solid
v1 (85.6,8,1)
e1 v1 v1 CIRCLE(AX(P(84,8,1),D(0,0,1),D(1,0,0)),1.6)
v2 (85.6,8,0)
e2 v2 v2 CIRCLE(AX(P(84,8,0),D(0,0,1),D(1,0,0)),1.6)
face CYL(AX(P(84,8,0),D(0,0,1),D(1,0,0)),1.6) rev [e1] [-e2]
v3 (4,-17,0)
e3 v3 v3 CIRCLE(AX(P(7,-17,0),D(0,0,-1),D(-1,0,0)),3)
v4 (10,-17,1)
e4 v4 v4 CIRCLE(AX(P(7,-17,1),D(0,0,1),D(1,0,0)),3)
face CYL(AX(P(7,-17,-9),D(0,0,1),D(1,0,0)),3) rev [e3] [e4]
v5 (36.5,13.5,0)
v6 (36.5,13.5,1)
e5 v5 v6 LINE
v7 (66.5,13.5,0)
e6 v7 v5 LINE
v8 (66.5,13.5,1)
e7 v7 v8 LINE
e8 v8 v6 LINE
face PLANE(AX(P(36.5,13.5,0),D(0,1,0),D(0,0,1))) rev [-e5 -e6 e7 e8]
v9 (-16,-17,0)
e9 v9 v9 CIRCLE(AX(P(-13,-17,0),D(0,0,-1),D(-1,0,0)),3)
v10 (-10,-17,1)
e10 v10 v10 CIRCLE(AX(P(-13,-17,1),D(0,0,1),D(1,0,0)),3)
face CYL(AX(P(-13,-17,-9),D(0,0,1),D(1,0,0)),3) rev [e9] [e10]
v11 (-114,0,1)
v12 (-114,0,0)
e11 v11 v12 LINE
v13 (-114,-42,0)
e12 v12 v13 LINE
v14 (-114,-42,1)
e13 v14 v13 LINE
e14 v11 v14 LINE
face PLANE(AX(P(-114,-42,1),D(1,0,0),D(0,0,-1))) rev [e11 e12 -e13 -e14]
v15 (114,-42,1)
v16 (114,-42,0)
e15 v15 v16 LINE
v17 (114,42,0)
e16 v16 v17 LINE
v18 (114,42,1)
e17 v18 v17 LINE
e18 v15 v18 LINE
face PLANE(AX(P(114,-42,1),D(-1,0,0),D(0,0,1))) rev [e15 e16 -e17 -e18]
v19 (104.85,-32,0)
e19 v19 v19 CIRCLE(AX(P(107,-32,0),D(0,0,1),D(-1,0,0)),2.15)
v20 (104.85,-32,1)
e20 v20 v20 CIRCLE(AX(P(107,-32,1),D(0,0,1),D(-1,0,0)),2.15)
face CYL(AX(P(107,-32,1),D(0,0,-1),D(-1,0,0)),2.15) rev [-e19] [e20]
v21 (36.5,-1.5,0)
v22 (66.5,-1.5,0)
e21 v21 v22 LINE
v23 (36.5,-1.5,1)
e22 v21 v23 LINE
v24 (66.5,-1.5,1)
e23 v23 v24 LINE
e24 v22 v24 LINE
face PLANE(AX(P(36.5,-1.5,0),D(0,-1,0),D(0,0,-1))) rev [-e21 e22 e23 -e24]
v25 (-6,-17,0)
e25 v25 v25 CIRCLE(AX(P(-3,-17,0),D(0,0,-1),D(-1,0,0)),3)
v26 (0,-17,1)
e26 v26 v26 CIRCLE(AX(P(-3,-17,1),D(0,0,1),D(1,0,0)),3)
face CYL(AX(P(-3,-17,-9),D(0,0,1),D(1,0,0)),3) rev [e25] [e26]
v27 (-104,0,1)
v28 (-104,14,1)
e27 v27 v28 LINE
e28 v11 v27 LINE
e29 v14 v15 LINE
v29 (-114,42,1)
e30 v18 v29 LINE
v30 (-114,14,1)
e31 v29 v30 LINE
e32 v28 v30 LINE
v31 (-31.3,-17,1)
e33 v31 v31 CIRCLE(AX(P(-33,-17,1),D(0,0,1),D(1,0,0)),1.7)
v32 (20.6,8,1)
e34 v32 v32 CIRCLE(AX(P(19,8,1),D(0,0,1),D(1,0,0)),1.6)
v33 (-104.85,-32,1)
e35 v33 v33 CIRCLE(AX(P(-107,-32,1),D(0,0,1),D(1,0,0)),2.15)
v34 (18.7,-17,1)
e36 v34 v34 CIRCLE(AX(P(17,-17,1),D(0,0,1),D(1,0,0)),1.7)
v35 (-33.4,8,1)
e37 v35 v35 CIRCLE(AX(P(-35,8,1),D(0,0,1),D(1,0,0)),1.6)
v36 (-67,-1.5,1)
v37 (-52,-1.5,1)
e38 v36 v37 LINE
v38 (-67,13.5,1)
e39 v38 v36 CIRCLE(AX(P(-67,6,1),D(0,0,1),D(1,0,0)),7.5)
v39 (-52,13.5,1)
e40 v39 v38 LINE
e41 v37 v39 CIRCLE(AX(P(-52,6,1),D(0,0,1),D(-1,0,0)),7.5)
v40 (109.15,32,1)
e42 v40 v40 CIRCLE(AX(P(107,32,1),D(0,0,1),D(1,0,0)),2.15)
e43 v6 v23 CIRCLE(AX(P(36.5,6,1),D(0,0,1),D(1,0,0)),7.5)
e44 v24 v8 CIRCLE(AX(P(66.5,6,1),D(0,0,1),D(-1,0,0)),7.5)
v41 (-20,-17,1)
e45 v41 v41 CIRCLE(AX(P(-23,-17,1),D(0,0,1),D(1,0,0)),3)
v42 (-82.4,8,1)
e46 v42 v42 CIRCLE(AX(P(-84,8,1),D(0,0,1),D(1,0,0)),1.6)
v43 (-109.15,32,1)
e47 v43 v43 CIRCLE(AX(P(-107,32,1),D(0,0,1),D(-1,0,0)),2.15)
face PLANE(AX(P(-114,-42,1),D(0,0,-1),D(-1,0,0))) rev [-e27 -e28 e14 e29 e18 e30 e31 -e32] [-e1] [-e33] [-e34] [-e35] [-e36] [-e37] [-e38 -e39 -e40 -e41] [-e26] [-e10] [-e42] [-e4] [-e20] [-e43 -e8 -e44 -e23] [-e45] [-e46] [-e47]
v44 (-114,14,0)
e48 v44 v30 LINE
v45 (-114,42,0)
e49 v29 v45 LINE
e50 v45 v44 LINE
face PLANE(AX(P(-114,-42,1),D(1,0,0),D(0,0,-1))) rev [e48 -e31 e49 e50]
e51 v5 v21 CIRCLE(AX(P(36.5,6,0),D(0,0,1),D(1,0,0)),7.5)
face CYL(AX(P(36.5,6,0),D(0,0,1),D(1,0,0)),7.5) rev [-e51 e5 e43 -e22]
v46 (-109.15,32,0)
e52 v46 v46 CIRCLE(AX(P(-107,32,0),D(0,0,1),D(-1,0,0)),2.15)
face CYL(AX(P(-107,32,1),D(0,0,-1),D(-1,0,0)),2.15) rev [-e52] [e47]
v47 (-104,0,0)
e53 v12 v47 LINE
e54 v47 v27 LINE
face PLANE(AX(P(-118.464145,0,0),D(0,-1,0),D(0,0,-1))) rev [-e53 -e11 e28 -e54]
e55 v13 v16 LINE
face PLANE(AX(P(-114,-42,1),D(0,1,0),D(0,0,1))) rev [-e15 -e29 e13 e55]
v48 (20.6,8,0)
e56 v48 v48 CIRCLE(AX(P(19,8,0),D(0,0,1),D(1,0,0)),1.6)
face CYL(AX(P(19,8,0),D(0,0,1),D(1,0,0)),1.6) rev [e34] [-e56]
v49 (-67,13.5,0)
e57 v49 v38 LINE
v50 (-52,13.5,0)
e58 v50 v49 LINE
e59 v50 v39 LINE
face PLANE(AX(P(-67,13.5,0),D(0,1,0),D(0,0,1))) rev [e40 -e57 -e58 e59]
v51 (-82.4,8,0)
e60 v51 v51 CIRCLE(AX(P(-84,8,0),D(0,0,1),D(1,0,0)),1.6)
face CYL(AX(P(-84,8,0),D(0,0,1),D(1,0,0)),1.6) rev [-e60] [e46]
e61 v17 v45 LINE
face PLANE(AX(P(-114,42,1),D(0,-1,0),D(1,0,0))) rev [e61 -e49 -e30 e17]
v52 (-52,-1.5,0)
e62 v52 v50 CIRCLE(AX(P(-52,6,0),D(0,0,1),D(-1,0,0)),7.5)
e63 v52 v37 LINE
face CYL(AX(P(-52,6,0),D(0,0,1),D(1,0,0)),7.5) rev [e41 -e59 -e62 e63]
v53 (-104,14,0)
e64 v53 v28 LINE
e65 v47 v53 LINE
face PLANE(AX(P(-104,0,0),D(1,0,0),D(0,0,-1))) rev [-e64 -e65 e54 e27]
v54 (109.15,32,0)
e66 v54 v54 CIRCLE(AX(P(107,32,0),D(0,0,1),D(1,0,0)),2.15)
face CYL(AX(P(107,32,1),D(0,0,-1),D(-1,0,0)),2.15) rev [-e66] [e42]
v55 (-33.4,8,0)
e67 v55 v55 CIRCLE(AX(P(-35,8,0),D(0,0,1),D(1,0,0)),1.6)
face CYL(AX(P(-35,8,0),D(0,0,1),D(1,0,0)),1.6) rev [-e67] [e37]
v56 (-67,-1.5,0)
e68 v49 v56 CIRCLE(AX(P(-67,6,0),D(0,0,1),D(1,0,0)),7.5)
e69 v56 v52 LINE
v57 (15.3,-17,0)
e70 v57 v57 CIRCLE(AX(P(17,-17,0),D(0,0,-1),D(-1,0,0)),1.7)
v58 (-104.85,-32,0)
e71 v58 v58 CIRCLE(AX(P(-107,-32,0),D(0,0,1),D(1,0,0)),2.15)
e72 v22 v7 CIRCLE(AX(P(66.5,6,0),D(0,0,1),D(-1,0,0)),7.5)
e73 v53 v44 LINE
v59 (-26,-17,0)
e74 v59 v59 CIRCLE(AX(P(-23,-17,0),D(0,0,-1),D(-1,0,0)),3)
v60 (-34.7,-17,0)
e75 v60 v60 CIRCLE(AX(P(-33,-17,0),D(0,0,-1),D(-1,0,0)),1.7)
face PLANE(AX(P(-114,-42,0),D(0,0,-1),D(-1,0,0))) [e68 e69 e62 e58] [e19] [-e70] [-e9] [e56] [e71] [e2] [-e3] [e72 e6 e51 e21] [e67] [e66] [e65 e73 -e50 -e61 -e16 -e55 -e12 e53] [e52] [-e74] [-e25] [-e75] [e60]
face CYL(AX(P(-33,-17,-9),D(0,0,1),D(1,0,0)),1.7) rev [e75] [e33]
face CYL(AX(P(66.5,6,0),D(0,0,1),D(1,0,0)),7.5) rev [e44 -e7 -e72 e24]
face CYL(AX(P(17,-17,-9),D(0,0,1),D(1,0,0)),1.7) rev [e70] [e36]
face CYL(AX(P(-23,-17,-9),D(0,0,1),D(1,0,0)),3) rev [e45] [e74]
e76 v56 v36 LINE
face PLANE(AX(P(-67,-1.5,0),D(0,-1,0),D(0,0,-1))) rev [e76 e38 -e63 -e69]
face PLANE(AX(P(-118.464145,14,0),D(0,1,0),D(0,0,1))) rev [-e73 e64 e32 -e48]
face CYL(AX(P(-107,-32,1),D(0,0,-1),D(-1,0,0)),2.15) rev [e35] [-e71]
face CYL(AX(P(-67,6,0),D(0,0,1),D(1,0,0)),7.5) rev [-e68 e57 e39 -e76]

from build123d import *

# Parameters (mm, degrees)
SKETCH_1_W          = 228
SKETCH_1_H          = 84
SKETCH_1_R          = 2.15
EXTRUDE_1_DEPTH     = 1
SKETCH_4_R          = 1.6
SKETCH_4_W          = 14.464145402
SKETCH_4_H          = 14
CUT_EXTRUDE_2_DEPTH = 1
SKETCH_5_R          = 1.7
SKETCH_5_R_2        = 3
CUT_EXTRUDE_3_DEPTH = 10


with BuildPart() as part:
    # Эскиз1 → Вытянуть1 (new body)
    with BuildSketch(Plane.XY):
        Rectangle(SKETCH_1_W, SKETCH_1_H)
        with Locations((107, 32)):
            Circle(SKETCH_1_R, mode=Mode.SUBTRACT)
        with Locations(Location((-107, 32, 0), (0, 0, 180))):
            Circle(SKETCH_1_R, mode=Mode.SUBTRACT)
        with Locations((-107, -32)):
            Circle(SKETCH_1_R, mode=Mode.SUBTRACT)
        with Locations(Location((107, -32, 0), (0, 0, 180))):
            Circle(SKETCH_1_R, mode=Mode.SUBTRACT)
    extrude(amount=EXTRUDE_1_DEPTH)

    # Эскиз4 → Вырез-Вытянуть2 (cut)
    with BuildSketch(Plane.XY.offset(1)):
        with Locations((19, 8)):
            Circle(SKETCH_4_R)
        with Locations((84, 8)):
            Circle(SKETCH_4_R)
        with Locations((-84, 8)):
            Circle(SKETCH_4_R)
        with Locations((-35, 8)):
            Circle(SKETCH_4_R)
        with BuildLine():
            Line((36.5, 13.5), (66.5, 13.5))
            ThreePointArc((66.5, 13.5), (74, 6), (66.5, -1.5))
            Line((66.5, -1.5), (36.5, -1.5))
            ThreePointArc((36.5, -1.5), (29, 6), (36.5, 13.5))
        make_face()
        with BuildLine():
            Line((-67, 13.5), (-52, 13.5))
            ThreePointArc((-52, 13.5), (-44.5, 6), (-52, -1.5))
            Line((-52, -1.5), (-67, -1.5))
            ThreePointArc((-67, -1.5), (-74.5, 6), (-67, 13.5))
        make_face()
        with Locations((-111.232072701, 7)):
            Rectangle(SKETCH_4_W, SKETCH_4_H)
    extrude(amount=-CUT_EXTRUDE_2_DEPTH, mode=Mode.SUBTRACT)

    # Эскиз5 → Вырез-Вытянуть3 (cut)
    with BuildSketch(Plane.XY.offset(1)):
        with Locations((-33, -17)):
            Circle(SKETCH_5_R)
        with Locations((17, -17)):
            Circle(SKETCH_5_R)
        with Locations((7, -17)):
            Circle(SKETCH_5_R_2)
        with Locations((-3, -17)):
            Circle(SKETCH_5_R_2)
        with Locations((-13, -17)):
            Circle(SKETCH_5_R_2)
        with Locations((-23, -17)):
            Circle(SKETCH_5_R_2)
    extrude(amount=-CUT_EXTRUDE_3_DEPTH, mode=Mode.SUBTRACT)


solid = part.part
